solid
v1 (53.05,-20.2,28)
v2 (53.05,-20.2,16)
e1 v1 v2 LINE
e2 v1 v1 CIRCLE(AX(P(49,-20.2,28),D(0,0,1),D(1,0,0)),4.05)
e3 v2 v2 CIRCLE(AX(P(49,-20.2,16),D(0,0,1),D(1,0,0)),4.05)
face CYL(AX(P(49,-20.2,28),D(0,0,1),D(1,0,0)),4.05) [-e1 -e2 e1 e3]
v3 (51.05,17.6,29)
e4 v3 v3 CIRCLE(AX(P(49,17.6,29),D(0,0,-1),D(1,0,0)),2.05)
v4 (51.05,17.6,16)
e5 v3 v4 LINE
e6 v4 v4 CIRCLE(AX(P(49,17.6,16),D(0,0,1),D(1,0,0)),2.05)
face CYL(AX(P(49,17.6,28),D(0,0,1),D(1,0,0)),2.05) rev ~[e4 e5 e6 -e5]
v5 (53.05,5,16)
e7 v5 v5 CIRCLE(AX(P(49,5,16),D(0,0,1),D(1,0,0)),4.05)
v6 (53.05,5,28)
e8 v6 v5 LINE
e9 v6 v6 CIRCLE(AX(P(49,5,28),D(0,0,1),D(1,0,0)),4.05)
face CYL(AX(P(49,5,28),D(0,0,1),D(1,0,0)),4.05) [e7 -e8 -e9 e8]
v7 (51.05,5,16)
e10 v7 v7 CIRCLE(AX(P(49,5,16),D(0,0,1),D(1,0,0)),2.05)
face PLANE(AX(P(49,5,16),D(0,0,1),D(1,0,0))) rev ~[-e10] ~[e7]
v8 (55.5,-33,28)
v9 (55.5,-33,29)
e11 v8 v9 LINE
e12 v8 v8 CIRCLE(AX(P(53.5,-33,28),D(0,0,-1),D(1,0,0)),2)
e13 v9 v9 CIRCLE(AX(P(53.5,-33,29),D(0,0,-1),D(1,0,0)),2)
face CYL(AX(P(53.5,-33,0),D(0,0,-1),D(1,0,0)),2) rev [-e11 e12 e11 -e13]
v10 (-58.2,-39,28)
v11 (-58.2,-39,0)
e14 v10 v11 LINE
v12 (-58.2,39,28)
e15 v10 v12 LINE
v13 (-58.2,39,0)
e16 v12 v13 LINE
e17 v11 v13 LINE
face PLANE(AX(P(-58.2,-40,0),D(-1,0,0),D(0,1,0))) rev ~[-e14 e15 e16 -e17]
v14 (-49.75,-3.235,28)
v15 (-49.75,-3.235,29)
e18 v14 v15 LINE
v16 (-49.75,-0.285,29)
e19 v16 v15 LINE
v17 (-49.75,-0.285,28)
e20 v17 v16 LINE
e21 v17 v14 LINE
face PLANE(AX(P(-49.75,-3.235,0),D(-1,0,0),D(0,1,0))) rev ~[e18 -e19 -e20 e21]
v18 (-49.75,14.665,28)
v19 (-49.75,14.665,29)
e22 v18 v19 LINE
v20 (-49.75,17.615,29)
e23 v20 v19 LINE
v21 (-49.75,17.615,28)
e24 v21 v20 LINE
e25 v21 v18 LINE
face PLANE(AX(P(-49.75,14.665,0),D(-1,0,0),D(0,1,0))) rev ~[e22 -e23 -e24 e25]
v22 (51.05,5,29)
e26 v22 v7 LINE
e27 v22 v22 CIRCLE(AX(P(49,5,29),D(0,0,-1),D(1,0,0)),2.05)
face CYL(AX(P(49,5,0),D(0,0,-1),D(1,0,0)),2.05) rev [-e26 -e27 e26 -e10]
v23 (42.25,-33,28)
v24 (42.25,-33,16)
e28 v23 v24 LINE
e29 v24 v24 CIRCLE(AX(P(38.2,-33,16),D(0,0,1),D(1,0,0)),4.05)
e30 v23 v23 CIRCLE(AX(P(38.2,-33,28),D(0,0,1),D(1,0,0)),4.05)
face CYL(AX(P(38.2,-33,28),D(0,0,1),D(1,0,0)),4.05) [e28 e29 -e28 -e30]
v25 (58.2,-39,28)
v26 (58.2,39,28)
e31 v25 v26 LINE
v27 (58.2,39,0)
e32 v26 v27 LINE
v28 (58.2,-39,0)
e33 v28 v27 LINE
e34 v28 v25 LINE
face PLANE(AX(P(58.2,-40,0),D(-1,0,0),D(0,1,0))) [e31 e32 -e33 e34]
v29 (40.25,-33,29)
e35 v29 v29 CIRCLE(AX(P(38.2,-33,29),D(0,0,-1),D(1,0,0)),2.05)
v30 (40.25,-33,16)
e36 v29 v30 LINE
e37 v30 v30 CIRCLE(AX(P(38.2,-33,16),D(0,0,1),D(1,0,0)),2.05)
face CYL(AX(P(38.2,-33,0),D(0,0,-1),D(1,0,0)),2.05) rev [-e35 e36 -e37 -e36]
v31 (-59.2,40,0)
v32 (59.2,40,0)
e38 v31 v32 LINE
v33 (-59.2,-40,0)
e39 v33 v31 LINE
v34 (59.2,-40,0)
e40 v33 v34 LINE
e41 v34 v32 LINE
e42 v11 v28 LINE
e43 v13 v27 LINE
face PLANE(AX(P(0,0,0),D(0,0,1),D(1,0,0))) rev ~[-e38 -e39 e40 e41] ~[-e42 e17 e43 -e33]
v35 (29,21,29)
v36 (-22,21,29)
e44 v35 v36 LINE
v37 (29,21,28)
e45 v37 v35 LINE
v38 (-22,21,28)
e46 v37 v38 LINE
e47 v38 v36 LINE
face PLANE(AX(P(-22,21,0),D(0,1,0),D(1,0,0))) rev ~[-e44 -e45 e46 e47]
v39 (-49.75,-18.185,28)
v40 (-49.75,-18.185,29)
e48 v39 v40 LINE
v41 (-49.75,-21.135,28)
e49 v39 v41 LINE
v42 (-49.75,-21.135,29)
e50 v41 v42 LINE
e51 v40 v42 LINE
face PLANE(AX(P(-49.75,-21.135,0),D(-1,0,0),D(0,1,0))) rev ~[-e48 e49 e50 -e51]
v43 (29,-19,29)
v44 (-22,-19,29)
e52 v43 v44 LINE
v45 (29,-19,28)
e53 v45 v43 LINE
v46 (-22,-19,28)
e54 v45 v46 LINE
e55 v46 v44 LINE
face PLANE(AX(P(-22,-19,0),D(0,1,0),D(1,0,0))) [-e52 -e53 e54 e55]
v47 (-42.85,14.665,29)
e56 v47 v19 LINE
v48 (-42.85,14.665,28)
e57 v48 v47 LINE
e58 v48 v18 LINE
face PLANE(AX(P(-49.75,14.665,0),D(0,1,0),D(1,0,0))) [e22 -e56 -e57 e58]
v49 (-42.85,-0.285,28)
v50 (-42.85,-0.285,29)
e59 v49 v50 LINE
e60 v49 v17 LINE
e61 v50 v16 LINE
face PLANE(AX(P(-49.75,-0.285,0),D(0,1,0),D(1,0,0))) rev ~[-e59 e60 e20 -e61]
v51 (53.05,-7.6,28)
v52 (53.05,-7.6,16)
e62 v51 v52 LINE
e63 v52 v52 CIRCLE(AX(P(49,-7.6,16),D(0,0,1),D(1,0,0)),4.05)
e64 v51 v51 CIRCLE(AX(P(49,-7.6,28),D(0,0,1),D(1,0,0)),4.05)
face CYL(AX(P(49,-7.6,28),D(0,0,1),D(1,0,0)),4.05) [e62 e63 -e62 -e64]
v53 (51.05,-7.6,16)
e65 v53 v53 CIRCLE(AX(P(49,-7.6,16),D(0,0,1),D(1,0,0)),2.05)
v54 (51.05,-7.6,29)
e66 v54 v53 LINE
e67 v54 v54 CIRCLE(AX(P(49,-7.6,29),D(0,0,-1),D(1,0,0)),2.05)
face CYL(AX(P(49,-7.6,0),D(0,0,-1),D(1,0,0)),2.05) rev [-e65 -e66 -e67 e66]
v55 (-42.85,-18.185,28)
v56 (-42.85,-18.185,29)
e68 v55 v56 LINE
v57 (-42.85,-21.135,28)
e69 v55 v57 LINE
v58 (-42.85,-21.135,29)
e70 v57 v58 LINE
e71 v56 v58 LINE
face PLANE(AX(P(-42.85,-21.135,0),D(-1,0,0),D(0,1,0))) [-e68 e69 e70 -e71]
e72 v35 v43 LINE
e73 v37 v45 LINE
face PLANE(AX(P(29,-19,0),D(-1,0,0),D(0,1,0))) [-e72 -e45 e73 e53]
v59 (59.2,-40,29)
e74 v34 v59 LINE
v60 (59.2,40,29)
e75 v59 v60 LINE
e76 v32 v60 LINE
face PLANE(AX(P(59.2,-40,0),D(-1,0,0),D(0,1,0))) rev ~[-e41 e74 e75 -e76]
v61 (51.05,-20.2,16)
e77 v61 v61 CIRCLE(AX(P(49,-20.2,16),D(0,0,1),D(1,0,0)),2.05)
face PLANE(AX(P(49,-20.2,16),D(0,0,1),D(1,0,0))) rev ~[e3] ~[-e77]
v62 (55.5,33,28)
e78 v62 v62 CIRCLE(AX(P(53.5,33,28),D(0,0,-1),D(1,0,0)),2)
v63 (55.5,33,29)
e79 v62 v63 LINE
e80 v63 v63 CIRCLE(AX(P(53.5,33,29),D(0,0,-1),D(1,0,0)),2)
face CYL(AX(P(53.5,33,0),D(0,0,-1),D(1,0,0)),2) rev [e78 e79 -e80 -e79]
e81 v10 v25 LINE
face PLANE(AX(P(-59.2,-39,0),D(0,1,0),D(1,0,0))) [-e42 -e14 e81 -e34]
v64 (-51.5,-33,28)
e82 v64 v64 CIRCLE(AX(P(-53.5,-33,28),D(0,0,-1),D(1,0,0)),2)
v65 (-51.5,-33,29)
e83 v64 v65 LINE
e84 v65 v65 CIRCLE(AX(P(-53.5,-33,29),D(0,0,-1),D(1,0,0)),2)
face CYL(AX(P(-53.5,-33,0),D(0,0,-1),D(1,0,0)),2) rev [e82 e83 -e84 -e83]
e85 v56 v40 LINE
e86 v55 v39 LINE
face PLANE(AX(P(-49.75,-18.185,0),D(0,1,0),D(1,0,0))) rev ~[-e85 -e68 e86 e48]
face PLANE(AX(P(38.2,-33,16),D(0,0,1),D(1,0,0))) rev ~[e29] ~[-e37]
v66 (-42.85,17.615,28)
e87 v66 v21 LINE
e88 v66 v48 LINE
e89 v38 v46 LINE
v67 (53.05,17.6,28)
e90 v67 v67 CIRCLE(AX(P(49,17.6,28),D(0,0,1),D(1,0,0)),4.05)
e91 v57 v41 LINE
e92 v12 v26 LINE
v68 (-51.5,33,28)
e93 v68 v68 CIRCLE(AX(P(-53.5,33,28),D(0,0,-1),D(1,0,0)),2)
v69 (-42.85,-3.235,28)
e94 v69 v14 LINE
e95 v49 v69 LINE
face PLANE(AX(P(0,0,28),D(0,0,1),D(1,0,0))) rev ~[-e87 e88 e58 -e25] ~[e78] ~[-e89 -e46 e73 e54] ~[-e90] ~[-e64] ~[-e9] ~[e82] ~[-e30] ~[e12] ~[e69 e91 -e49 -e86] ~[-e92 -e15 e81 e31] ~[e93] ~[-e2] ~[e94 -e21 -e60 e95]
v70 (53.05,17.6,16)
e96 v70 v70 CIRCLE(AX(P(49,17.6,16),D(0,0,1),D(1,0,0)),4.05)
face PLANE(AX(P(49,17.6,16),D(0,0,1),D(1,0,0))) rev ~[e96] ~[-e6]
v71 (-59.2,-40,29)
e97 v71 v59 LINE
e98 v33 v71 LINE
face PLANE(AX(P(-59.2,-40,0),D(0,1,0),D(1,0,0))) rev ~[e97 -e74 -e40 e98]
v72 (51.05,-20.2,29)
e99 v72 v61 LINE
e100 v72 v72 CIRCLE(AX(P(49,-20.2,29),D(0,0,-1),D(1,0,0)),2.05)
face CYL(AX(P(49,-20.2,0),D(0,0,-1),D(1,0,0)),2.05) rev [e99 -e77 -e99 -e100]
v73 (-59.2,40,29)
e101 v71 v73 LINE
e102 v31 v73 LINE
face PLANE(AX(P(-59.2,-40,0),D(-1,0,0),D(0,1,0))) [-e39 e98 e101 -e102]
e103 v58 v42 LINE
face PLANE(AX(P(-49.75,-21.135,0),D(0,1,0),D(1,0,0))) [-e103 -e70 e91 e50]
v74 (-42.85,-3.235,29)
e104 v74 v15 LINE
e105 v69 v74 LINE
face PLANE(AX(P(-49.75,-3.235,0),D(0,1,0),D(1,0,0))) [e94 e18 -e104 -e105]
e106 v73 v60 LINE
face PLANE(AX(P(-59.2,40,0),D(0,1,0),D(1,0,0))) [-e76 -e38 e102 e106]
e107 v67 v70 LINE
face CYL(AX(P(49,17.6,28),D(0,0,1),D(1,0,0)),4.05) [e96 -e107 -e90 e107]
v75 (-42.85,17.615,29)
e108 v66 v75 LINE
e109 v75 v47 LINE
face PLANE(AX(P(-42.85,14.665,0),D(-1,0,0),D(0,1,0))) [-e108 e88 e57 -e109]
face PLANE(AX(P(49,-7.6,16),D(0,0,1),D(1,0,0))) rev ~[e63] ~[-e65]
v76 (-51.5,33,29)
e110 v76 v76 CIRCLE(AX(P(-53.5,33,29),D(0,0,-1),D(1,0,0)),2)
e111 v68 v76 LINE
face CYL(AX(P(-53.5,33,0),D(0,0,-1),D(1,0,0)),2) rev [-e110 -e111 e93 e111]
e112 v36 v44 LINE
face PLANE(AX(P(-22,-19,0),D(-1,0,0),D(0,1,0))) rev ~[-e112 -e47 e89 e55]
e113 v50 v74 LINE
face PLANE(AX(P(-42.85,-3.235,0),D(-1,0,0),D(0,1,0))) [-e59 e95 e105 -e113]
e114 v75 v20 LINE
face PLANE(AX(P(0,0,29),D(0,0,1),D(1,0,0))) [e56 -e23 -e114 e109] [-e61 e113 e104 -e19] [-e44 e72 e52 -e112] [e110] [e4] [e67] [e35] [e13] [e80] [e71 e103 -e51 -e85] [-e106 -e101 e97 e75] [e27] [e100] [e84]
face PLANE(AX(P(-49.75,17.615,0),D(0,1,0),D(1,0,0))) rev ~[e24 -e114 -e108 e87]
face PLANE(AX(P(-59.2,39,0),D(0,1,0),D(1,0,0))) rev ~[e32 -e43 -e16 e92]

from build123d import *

# Parameters (mm, degrees)
SKETCH_W        = 118.4
SKETCH_H        = 80
PAD_DEPTH       = 29
THICKNESS_T     = -1
SKETCH001_R     = 2
POCKET_DEPTH    = 29.001
SKETCH002_W     = 51
SKETCH002_H     = 40
POCKET001_DEPTH = 29.001
SKETCH003_R     = 2.05
SKETCH003_W     = 6.9
SKETCH003_H     = 2.95
POCKET002_DEPTH = 29.001
SKETCH004_R     = 4.05
SKETCH004_R_2   = 2.05
PAD001_DEPTH    = 12


with BuildPart() as part:
    # Sketch → Pad (new body)
    with BuildSketch(Plane.XY):
        Rectangle(SKETCH_W, SKETCH_H)
    extrude(amount=PAD_DEPTH)

    # Thickness
    thickness_openings = [part.faces().sort_by_distance(p)[0] for p in [
        (0, 0, 0),
    ]]
    offset(amount=THICKNESS_T, openings=thickness_openings)

    # Sketch001 → Pocket (cut, through all)
    with BuildSketch(Plane.XY):
        with Locations((53.5, 33)):
            Circle(SKETCH001_R)
        with Locations((53.5, -33)):
            Circle(SKETCH001_R)
        with Locations((-53.5, -33)):
            Circle(SKETCH001_R)
        with Locations((-53.5, 33)):
            Circle(SKETCH001_R)
    extrude(amount=POCKET_DEPTH, mode=Mode.SUBTRACT)

    # Sketch002 → Pocket001 (cut, through all)
    with BuildSketch(Plane.XY):
        with Locations((3.5, 1)):
            Rectangle(SKETCH002_W, SKETCH002_H)
    extrude(amount=POCKET001_DEPTH, mode=Mode.SUBTRACT)

    # Sketch003 → Pocket002 (cut, through all)
    with BuildSketch(Plane.XY):
        with Locations((49, 17.6)):
            Circle(SKETCH003_R)
        with Locations((49, 5)):
            Circle(SKETCH003_R)
        with Locations((49, -7.6)):
            Circle(SKETCH003_R)
        with Locations((49, -20.2)):
            Circle(SKETCH003_R)
        with Locations((38.2, -33)):
            Circle(SKETCH003_R)
        with Locations((-46.3, 16.14)):
            Rectangle(SKETCH003_W, SKETCH003_H)
        with Locations((-46.3, -1.76)):
            Rectangle(SKETCH003_W, SKETCH003_H)
        with Locations((-46.3, -19.66)):
            Rectangle(SKETCH003_W, SKETCH003_H)
    extrude(amount=POCKET002_DEPTH, mode=Mode.SUBTRACT)

    # Sketch004 (on DatumPlane) → Pad001 (join)
    with BuildSketch(Plane.XY.offset(28)):
        with Locations((49, 17.6)):
            Circle(SKETCH004_R)
        with Locations((49, 17.6)):
            Circle(SKETCH004_R_2, mode=Mode.SUBTRACT)
        with Locations((49, 5)):
            Circle(SKETCH004_R)
        with Locations((49, 5)):
            Circle(SKETCH004_R_2, mode=Mode.SUBTRACT)
        with Locations((49, -7.6)):
            Circle(SKETCH004_R)
        with Locations((49, -7.6)):
            Circle(SKETCH004_R_2, mode=Mode.SUBTRACT)
        with Locations((49, -20.2)):
            Circle(SKETCH004_R)
        with Locations((49, -20.2)):
            Circle(SKETCH004_R_2, mode=Mode.SUBTRACT)
        with Locations((38.2, -33)):
            Circle(SKETCH004_R)
        with Locations((38.2, -33)):
            Circle(SKETCH004_R_2, mode=Mode.SUBTRACT)
    extrude(amount=-PAD001_DEPTH)


solid = part.part
